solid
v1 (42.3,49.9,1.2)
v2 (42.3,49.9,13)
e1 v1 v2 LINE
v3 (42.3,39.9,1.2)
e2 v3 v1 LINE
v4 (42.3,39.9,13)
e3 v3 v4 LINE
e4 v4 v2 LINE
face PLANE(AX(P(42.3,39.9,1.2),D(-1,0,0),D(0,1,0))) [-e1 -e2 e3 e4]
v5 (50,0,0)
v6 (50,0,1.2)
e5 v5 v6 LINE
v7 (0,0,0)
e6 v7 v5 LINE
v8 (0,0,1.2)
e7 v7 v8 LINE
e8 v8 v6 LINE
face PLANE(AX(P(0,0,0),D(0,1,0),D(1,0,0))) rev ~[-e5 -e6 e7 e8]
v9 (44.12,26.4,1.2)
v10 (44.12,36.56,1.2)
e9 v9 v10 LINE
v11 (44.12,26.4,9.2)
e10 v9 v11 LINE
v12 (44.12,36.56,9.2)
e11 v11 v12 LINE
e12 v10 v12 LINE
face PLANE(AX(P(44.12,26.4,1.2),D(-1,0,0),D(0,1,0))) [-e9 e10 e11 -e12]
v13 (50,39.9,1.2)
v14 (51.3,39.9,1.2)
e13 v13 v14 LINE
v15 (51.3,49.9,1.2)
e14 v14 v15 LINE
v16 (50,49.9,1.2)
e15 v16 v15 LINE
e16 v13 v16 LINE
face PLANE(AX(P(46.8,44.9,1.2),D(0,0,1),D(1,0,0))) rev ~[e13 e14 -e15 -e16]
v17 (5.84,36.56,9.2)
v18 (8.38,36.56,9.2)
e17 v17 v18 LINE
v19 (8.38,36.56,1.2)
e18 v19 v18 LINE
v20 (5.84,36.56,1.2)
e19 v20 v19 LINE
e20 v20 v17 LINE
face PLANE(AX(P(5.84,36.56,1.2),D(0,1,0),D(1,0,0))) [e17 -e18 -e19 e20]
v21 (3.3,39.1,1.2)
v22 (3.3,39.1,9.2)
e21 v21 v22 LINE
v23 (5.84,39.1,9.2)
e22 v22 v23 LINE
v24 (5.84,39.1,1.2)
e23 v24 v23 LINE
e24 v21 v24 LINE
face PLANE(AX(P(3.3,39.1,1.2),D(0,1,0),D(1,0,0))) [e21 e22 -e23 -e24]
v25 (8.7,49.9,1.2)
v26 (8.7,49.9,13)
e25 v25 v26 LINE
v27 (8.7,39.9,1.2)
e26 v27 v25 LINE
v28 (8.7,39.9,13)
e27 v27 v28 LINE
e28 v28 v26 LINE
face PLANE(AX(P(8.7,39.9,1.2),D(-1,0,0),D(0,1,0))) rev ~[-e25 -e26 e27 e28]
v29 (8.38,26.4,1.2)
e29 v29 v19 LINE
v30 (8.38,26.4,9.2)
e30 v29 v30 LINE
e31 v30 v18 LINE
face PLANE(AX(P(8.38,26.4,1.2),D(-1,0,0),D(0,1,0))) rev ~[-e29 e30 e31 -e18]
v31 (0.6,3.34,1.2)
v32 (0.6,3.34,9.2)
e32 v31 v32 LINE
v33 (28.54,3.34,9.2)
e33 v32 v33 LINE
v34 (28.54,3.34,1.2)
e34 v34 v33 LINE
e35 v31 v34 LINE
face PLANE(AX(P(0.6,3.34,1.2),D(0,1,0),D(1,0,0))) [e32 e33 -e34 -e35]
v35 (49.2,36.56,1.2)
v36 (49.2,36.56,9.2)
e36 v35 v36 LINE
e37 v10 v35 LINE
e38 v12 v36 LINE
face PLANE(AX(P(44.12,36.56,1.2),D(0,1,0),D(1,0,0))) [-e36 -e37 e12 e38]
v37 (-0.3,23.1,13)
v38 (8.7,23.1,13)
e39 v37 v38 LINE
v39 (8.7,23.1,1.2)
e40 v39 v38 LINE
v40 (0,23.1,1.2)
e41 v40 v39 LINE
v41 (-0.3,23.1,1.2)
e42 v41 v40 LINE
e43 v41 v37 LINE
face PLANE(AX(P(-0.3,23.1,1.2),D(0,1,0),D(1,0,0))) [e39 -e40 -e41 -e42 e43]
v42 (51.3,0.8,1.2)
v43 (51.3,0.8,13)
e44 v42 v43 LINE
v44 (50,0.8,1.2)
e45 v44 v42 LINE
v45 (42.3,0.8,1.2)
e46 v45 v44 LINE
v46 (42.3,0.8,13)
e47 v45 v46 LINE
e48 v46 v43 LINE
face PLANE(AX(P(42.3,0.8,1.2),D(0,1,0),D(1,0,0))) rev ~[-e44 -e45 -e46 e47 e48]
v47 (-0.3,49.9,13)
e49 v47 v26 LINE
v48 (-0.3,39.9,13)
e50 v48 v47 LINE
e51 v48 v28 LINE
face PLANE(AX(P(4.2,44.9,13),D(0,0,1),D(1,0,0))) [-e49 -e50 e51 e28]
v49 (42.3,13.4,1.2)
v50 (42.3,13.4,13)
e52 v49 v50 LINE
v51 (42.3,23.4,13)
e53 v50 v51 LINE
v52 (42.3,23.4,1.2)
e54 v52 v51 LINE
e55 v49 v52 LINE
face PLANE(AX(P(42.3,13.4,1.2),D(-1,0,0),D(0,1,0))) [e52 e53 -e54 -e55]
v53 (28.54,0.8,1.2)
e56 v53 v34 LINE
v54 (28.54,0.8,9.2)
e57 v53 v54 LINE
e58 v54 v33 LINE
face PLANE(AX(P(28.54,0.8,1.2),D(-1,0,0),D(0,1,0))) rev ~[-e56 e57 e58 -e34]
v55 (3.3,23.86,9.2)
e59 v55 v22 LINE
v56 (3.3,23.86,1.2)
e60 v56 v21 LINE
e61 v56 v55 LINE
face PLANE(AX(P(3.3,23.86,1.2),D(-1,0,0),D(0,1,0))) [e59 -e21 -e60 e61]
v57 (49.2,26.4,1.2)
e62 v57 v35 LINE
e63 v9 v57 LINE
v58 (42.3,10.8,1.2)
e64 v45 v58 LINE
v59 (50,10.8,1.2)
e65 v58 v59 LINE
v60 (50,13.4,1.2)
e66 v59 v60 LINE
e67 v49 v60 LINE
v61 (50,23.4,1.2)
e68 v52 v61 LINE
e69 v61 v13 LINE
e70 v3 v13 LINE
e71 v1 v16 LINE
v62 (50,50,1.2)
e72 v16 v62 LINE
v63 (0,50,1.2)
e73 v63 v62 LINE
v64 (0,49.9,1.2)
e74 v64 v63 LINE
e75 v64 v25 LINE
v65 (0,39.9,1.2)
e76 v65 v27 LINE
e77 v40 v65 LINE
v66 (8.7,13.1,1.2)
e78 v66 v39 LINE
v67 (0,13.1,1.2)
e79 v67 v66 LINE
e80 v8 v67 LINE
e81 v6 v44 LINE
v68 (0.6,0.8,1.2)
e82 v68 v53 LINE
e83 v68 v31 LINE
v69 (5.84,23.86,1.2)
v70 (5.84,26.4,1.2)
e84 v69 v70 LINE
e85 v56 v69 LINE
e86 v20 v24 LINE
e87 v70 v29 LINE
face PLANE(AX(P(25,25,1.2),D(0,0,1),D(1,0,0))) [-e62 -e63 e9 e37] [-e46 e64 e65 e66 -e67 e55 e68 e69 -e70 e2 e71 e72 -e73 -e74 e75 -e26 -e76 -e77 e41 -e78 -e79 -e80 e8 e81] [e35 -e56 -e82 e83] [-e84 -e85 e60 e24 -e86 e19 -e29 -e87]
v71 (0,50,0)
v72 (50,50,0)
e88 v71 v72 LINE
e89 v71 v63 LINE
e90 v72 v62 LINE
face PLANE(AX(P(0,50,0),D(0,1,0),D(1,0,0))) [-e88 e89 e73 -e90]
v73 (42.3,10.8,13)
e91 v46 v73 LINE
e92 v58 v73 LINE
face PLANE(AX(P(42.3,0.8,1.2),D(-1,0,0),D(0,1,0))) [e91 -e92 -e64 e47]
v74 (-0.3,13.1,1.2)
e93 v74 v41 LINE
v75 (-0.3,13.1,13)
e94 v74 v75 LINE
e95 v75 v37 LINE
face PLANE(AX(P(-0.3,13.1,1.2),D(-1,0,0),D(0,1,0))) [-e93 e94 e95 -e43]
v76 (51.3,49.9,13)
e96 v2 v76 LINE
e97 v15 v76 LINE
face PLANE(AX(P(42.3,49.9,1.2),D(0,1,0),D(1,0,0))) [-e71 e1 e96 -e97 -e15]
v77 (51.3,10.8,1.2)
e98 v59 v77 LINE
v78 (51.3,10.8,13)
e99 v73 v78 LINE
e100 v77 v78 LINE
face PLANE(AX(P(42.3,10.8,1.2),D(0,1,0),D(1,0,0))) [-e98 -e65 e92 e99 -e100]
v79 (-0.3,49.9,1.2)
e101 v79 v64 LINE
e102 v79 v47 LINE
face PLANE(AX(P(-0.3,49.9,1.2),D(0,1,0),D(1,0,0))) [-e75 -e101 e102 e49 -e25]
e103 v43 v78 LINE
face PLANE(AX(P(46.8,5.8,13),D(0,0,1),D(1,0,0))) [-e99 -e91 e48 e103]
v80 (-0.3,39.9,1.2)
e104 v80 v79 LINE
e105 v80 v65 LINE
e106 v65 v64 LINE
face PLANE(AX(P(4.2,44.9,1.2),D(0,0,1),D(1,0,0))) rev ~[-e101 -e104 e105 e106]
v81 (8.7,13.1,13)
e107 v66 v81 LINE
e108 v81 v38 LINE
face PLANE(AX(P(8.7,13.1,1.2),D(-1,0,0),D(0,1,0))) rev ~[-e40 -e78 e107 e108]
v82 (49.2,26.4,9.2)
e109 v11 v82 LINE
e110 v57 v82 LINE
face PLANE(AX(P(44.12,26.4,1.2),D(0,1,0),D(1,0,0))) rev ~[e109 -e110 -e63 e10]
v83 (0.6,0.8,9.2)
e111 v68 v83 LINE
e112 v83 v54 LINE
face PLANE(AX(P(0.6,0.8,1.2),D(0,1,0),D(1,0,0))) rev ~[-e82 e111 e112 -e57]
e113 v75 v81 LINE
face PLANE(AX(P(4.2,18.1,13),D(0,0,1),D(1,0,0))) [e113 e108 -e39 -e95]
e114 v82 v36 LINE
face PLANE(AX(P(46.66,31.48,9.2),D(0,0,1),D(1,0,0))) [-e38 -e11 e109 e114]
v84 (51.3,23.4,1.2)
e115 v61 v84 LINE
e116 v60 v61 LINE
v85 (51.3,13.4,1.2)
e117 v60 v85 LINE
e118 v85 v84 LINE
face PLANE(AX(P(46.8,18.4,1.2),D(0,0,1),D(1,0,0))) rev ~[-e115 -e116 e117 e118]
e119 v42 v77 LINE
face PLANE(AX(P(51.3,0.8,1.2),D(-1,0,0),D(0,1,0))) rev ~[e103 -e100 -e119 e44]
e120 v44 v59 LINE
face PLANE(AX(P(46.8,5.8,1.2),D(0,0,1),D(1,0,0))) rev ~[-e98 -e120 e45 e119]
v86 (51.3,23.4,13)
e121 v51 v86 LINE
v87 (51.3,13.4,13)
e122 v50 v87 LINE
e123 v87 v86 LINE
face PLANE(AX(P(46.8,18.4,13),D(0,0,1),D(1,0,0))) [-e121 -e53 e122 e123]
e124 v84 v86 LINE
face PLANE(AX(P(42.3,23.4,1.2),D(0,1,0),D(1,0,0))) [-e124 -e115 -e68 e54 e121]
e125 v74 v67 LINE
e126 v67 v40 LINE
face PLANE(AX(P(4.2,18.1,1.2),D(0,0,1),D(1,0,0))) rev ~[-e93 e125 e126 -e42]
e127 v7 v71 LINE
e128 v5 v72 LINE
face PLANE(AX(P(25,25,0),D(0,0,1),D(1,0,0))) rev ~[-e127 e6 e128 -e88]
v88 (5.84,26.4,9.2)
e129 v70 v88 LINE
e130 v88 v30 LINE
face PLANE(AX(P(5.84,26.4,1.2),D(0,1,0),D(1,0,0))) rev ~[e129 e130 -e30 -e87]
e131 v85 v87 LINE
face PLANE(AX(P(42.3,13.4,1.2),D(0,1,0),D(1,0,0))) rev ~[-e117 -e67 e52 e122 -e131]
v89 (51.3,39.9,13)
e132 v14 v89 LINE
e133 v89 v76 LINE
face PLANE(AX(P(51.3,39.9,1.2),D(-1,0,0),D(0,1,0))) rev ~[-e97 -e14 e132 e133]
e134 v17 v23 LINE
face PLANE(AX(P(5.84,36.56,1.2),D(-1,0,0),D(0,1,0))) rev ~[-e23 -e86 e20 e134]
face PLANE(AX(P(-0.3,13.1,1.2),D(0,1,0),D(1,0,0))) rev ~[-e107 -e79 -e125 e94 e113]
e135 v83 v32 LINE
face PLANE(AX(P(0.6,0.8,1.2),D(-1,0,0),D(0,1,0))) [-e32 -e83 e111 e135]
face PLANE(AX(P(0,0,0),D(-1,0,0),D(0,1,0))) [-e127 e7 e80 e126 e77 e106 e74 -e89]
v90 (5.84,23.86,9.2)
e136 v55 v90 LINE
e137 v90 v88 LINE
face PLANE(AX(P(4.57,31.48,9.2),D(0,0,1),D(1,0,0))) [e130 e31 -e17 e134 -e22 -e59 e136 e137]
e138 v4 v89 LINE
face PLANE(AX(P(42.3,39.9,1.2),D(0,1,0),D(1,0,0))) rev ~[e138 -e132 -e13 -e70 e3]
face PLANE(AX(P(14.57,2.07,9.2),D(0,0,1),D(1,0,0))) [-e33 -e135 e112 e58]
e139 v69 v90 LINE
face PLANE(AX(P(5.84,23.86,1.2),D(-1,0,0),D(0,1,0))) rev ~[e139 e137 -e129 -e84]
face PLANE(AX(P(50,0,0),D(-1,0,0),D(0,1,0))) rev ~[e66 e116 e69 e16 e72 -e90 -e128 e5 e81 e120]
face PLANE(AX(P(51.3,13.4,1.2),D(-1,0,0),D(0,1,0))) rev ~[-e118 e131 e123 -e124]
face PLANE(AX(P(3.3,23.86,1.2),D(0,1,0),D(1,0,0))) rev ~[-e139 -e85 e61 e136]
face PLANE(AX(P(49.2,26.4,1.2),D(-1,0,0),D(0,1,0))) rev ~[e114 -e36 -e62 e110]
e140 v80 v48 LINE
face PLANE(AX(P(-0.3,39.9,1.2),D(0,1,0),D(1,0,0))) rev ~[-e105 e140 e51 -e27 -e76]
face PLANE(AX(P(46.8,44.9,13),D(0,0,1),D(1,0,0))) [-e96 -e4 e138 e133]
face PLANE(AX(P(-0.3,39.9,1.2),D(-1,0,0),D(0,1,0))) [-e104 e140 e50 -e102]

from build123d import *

# Parameters (mm, degrees)
CROQUIS1_W              = 50
CROQUIS1_H              = 50
SALIENTE_EXTRUIR1_DEPTH = 1.2
CROQUIS2_W              = 9
CROQUIS2_H              = 10
SALIENTE_EXTRUIR2_DEPTH = 11.8
CROQUIS3_W              = 27.94
CROQUIS3_H              = 2.54
CROQUIS3_W_2            = 2.54
CROQUIS3_H_2            = 15.24
CROQUIS3_H_3            = 10.16
CROQUIS3_W_3            = 5.08
SALIENTE_EXTRUIR3_DEPTH = 8


with BuildPart() as part:
    # Croquis1 → Saliente-Extruir1 (new body)
    with BuildSketch(Plane.XY):
        with Locations((25, 25)):
            Rectangle(CROQUIS1_W, CROQUIS1_H)
    extrude(amount=SALIENTE_EXTRUIR1_DEPTH)

    # Croquis2 → Saliente-Extruir2 (add)
    with BuildSketch(Plane.XY.offset(1.2)):
        with Locations((46.8, 5.8)):
            Rectangle(CROQUIS2_W, CROQUIS2_H)
        with Locations((46.8, 18.4)):
            Rectangle(CROQUIS2_W, CROQUIS2_H)
        with Locations((46.8, 44.9)):
            Rectangle(CROQUIS2_W, CROQUIS2_H)
        with Locations((4.2, 44.9)):
            Rectangle(CROQUIS2_W, CROQUIS2_H)
        with Locations((4.2, 18.1)):
            Rectangle(CROQUIS2_W, CROQUIS2_H)
    extrude(amount=SALIENTE_EXTRUIR2_DEPTH)

    # Croquis3 → Saliente-Extruir3 (add)
    with BuildSketch(Plane.XY.offset(1.2)):
        with Locations((14.57, 2.07)):
            Rectangle(CROQUIS3_W, CROQUIS3_H)
        with Locations((4.57, 31.48)):
            Rectangle(CROQUIS3_W_2, CROQUIS3_H_2)
        with Locations((7.11, 31.48)):
            Rectangle(CROQUIS3_W_2, CROQUIS3_H_3)
        with Locations((46.66, 31.48)):
            Rectangle(CROQUIS3_W_3, CROQUIS3_H_3)
    extrude(amount=SALIENTE_EXTRUIR3_DEPTH)


solid = part.part
